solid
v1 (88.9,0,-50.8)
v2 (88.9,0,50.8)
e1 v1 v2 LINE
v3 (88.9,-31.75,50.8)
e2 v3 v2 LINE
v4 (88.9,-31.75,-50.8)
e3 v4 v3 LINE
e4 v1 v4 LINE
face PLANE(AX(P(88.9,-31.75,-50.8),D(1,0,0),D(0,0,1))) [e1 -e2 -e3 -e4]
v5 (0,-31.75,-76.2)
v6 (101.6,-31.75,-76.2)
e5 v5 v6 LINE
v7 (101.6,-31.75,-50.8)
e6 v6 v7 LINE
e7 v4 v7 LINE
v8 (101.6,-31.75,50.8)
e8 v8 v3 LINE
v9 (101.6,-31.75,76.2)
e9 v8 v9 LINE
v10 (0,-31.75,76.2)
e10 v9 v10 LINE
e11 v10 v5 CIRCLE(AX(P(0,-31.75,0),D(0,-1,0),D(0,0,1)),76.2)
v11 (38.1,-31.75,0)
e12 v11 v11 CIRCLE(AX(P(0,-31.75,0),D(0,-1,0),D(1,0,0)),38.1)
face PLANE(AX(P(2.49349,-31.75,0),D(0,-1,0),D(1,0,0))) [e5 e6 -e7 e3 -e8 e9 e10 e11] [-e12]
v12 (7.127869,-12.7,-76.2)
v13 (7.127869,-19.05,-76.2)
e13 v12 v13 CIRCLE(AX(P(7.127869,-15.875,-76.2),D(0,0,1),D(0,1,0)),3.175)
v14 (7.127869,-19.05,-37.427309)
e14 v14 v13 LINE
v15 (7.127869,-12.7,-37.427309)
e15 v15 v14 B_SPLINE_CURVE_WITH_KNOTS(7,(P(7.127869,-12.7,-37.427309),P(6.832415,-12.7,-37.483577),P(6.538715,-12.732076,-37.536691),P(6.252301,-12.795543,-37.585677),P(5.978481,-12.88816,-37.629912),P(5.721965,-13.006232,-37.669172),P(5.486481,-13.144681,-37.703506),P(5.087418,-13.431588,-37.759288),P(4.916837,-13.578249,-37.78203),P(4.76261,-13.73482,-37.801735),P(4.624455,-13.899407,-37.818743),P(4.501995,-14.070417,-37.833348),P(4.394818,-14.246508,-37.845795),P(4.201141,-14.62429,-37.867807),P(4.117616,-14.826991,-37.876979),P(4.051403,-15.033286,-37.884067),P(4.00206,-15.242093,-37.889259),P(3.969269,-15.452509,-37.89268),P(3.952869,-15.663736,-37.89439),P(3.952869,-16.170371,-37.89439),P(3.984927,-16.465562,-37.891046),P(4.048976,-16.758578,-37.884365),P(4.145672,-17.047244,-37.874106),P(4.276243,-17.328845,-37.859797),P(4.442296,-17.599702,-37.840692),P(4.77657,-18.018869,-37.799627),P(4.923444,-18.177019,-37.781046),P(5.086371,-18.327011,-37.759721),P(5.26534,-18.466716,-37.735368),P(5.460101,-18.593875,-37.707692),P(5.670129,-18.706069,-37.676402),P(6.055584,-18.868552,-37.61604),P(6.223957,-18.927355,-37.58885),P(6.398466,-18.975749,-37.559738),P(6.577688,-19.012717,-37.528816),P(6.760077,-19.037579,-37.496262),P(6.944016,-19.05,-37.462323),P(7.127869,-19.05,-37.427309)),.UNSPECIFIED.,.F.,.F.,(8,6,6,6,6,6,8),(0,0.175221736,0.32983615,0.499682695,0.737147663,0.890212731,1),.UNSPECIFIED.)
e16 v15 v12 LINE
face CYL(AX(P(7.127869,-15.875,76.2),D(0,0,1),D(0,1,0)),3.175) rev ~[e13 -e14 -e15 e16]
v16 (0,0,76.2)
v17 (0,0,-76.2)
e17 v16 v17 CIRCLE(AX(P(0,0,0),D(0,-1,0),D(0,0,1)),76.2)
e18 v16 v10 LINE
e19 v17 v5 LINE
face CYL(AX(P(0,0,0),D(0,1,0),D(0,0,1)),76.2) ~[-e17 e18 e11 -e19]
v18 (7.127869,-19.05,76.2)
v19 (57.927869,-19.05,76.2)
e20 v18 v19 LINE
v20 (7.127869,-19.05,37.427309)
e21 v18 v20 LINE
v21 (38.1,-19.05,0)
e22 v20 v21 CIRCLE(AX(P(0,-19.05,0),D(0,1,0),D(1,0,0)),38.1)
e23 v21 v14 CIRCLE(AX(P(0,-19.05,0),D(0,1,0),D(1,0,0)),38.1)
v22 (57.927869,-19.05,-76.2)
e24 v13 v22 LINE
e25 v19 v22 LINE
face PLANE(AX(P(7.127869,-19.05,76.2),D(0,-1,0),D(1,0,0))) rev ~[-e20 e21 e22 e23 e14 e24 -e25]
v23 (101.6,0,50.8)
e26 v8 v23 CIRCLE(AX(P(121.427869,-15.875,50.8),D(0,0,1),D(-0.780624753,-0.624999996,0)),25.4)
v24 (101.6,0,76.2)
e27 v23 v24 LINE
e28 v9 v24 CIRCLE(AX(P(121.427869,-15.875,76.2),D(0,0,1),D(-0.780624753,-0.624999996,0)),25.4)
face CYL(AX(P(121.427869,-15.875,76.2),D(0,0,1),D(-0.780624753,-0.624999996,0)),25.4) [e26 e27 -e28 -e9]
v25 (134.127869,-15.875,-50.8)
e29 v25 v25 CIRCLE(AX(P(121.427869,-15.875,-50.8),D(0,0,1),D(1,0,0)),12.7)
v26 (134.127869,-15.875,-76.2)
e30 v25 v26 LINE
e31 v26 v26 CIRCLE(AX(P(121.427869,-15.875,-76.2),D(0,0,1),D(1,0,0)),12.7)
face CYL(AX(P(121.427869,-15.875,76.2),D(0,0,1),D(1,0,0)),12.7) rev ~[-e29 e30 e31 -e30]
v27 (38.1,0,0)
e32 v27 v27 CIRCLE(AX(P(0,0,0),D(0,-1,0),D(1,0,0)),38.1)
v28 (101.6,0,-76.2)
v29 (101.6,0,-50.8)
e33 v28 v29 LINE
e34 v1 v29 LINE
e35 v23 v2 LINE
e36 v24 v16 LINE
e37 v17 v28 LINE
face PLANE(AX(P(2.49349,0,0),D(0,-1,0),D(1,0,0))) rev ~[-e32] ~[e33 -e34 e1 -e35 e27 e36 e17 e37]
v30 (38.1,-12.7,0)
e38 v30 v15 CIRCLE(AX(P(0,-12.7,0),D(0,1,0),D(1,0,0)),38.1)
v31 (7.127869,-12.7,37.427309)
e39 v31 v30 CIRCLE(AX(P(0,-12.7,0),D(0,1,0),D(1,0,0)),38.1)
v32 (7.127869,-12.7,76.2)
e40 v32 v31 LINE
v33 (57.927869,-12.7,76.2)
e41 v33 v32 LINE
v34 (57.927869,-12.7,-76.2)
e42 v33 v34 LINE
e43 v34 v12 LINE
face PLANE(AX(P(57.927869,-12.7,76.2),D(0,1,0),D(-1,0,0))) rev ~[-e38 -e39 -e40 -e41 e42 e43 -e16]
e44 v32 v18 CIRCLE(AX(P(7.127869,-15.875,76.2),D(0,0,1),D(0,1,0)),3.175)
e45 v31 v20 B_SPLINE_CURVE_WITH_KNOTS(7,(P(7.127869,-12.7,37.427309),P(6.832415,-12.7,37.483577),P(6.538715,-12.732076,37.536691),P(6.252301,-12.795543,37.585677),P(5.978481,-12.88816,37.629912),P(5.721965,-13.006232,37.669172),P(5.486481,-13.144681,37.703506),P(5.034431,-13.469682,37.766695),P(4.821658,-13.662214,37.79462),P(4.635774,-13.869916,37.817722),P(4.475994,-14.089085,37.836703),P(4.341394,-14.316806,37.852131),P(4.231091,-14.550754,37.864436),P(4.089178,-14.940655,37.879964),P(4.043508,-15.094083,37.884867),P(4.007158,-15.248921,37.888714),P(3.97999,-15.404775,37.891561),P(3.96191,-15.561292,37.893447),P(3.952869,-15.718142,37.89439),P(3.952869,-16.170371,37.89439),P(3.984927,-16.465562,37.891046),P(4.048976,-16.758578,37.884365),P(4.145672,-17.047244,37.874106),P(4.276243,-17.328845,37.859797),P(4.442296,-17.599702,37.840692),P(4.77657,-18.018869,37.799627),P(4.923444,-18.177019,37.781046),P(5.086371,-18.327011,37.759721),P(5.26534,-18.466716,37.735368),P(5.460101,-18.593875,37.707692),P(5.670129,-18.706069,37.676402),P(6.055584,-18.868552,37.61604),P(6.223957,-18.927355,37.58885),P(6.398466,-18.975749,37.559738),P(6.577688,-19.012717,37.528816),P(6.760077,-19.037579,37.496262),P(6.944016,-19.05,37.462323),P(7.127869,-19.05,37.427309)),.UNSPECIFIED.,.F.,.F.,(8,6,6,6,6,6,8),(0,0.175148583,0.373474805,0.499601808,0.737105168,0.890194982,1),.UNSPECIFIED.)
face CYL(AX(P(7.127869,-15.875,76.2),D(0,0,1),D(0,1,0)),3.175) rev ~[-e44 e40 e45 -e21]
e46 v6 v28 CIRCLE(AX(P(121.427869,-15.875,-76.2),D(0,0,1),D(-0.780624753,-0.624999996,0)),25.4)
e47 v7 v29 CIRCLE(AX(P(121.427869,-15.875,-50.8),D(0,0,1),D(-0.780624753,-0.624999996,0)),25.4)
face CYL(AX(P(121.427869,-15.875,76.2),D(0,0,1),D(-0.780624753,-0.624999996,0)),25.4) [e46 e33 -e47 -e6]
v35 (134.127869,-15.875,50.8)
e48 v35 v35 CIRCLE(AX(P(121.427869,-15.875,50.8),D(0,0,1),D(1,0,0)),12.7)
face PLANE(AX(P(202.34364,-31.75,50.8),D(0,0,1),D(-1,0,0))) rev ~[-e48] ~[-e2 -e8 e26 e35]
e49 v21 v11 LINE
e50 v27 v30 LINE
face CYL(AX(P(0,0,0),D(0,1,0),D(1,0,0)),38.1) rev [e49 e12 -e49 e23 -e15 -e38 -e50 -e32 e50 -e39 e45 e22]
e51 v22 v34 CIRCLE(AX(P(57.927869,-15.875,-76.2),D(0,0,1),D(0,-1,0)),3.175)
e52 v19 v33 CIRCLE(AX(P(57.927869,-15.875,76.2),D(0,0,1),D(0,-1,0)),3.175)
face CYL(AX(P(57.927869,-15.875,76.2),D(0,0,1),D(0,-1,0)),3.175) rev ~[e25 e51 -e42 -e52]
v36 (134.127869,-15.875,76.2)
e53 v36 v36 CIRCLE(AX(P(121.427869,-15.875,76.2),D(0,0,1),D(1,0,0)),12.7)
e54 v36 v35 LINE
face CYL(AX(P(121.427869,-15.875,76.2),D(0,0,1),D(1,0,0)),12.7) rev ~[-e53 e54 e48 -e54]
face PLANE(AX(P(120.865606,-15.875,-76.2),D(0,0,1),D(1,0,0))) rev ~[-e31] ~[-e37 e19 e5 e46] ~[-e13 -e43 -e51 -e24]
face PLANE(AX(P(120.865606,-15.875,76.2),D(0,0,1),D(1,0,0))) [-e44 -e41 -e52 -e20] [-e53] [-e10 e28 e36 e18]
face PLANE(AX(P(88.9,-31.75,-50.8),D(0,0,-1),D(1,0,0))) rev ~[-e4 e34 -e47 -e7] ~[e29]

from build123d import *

# Parameters (mm, degrees)
F0_R     = 38.1
F1_DEPTH = 31.75
F2_R     = 12.7
F3_DEPTH = 152.4
F4_W     = 38.1
F4_H     = 101.6
F4_W_2   = 75.343641
F5_DEPTH = 63.5
F7_DEPTH = 152.401


with BuildPart() as f1:
    # F0 (on Front) → F1 (new body)
    with BuildSketch(Plane.XZ):
        with BuildLine():
            ThreePointArc((0, -76.2), (53.881537, -53.881537), (76.2, 0))
            ThreePointArc((76.2, 0), (53.881537, 53.881537), (0, 76.2))
            ThreePointArc((0, 76.2), (-76.2, 0), (0, -76.2))
        make_face()
        Circle(F0_R, mode=Mode.SUBTRACT)
        with BuildLine():
            ThreePointArc((0, 76.2), (53.881537, 53.881537), (76.2, 0))
            ThreePointArc((76.2, 0), (53.881537, -53.881537), (0, -76.2))
            Line((0, -76.2), (101.6, -76.2))
            Line((101.6, -76.2), (101.6, 76.2))
            Line((101.6, 76.2), (0, 76.2))
        make_face()
    extrude(amount=F1_DEPTH)

    # F2 (on face) → F3 (join)
    with BuildSketch(Plane.XY.offset(76.2)):
        with BuildLine():
            Line((101.6, 0), (101.6, -31.75))
            ThreePointArc((101.6, -31.75), (146.827869, -15.875), (101.6, 0))
        make_face()
        with Locations((121.427869, -15.875)):
            Circle(F2_R, mode=Mode.SUBTRACT)
    extrude(amount=-F3_DEPTH)

    # F4 (on face) → F5 (cut, symmetric)
    with BuildSketch(Plane.XZ.offset(31.75)):
        with Locations((107.95, 0)):
            Rectangle(F4_W, F4_H)
        with Locations((164.67182, 0)):
            Rectangle(F4_W_2, F4_H)
    extrude(amount=F5_DEPTH, both=True, mode=Mode.SUBTRACT)

    # F6 (on face) → F7 (cut, through all)
    with BuildSketch(Plane.XY.offset(76.2)):
        with BuildLine():
            Line((7.127869, -19.05), (57.927869, -19.05))
            ThreePointArc((57.927869, -19.05), (61.102869, -15.875), (57.927869, -12.7))
            Line((57.927869, -12.7), (7.127869, -12.7))
            ThreePointArc((7.127869, -12.7), (3.952869, -15.875), (7.127869, -19.05))
        make_face()
    extrude(amount=-F7_DEPTH, mode=Mode.SUBTRACT)


solid = f1.part
